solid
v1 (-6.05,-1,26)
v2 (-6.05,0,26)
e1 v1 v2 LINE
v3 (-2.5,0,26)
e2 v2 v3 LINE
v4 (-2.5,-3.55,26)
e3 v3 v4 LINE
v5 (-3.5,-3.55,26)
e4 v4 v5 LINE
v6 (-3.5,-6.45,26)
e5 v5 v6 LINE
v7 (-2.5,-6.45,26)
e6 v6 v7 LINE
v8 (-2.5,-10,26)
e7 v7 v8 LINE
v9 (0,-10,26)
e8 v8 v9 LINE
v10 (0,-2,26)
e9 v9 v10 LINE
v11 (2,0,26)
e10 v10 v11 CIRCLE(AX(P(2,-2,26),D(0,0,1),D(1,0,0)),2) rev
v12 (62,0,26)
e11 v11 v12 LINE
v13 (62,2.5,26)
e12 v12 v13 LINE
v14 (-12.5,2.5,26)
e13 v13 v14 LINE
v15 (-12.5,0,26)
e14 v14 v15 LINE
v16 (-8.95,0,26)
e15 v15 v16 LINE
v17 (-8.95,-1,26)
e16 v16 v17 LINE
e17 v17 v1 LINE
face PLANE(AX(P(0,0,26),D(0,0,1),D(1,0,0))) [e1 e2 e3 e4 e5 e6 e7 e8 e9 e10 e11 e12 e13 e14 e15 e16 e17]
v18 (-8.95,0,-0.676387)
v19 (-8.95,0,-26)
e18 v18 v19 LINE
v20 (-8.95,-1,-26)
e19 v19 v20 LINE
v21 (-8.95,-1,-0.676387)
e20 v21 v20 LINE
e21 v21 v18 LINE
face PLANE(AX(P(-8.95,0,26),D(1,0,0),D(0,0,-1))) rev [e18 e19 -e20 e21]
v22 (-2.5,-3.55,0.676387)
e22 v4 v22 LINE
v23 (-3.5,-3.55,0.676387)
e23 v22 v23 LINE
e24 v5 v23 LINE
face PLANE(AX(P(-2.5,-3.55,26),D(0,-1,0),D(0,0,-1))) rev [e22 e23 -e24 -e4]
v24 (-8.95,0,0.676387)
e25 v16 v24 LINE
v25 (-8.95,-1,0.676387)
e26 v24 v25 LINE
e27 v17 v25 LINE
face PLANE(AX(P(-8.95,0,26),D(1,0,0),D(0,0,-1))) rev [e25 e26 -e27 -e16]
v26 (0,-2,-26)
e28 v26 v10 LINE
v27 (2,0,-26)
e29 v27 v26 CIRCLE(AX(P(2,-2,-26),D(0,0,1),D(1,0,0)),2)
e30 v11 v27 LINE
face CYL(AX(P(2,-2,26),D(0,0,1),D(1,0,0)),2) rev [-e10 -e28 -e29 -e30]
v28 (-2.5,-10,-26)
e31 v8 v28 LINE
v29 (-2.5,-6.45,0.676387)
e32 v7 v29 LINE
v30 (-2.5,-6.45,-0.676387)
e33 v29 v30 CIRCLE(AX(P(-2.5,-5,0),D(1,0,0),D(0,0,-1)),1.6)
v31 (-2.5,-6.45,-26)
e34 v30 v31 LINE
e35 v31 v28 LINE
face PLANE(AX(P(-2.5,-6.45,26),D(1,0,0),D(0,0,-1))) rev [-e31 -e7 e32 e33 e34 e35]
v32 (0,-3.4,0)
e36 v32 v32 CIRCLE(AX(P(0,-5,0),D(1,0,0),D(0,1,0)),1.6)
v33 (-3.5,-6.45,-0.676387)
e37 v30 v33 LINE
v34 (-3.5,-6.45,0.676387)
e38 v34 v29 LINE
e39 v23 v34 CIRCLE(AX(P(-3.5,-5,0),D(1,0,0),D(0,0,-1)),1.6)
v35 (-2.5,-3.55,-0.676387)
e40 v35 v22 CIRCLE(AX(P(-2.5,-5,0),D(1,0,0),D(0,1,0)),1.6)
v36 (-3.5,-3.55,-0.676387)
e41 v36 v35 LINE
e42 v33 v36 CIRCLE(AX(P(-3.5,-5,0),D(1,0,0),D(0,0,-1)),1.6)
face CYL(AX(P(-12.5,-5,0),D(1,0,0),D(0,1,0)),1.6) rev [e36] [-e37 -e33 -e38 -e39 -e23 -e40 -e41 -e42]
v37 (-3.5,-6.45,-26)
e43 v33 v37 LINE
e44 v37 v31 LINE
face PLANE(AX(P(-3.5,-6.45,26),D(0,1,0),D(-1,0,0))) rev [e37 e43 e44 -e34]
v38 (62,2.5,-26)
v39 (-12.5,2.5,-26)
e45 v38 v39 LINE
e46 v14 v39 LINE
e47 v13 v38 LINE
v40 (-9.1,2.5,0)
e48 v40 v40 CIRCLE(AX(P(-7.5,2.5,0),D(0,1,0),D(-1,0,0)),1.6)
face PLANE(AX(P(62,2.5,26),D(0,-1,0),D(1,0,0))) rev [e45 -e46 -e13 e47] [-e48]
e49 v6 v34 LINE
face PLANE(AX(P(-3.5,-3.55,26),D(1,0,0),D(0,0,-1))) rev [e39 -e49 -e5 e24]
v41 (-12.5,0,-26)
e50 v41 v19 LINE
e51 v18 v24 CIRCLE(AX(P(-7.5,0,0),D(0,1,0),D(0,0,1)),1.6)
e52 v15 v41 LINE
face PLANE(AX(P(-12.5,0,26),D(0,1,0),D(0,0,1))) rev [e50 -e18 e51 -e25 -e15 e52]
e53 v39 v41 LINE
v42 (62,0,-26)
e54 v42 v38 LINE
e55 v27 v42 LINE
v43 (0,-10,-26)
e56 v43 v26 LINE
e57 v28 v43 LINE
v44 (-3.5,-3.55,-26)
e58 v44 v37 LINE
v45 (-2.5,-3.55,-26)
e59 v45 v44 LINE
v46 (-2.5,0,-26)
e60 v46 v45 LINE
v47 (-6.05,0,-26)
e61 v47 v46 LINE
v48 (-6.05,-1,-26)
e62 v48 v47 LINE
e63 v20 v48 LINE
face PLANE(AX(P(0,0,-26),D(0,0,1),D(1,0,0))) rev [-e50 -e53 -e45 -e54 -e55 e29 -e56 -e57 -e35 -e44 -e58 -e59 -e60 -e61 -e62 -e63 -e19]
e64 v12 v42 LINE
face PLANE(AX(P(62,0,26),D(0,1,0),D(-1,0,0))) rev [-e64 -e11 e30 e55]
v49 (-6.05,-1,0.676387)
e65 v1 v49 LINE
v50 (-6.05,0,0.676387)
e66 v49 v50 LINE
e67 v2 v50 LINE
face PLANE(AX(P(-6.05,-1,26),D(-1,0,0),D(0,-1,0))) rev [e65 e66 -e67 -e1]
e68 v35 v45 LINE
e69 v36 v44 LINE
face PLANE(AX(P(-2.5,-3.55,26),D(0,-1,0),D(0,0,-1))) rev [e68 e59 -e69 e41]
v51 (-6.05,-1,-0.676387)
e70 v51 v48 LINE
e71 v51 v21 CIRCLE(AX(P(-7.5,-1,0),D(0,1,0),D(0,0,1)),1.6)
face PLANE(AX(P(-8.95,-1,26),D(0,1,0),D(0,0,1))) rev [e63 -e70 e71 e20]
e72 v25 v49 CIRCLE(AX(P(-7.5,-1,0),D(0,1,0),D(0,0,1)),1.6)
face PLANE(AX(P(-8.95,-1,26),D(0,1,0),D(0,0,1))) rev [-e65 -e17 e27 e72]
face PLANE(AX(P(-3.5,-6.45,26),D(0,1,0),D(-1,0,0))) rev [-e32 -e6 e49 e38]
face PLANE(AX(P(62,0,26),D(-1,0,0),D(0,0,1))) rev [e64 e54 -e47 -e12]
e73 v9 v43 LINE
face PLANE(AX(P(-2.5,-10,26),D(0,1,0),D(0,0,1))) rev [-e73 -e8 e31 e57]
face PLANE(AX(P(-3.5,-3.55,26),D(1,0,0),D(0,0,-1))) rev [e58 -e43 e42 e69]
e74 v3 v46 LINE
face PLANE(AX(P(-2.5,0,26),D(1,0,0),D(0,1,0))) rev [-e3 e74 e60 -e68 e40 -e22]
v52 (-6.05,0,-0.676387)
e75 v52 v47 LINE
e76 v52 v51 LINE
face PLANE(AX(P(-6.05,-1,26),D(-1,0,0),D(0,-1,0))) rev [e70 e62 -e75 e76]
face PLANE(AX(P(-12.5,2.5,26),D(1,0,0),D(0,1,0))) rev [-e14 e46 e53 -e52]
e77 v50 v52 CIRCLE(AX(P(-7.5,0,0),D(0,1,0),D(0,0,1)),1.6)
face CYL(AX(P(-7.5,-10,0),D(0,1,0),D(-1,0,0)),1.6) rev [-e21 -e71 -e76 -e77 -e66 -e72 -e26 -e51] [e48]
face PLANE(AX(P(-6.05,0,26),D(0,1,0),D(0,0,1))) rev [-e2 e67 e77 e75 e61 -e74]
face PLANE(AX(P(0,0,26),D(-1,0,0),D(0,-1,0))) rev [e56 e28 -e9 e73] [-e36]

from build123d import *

# Parameters (mm, degrees)
BOSS_EXTRUDE1_DEPTH = 26
FILLET1_R           = 2
SKETCH2_R           = 1.6
CUT_EXTRUDE1_DEPTH  = 13.5
SKETCH3_R           = 1.6
CUT_EXTRUDE2_DEPTH  = 13.5


with BuildPart() as part:
    # Sketch1 → Boss-Extrude1 (new body, symmetric)
    with BuildSketch(Plane.XY):
        Polygon((62, 0), (62, 2.5), (-12.5, 2.5), (-12.5, 0), (-8.95, 0), (-8.95, -1), (-6.05, -1), (-6.05, 0), (-2.5, 0), (-2.5, -3.55), (-3.5, -3.55), (-3.5, -6.45), (-2.5, -6.45), (-2.5, -10), (0, -10), (0, 0), align=None)
    extrude(amount=BOSS_EXTRUDE1_DEPTH, both=True)

    # Fillet1
    fillet1_edges = [part.edges().sort_by_distance(p)[0] for p in [
        (0, 0, 0),
    ]]
    fillet(fillet1_edges, radius=FILLET1_R)

    # Sketch2 → Cut-Extrude1 (cut, through all)
    with BuildSketch(Plane(origin=(0, 0, 0), x_dir=(0, 0, -1), z_dir=(1, 0, 0))):
        with Locations((0, -5)):
            Circle(SKETCH2_R)
    extrude(amount=-CUT_EXTRUDE1_DEPTH, mode=Mode.SUBTRACT)

    # Sketch3 → Cut-Extrude2 (cut, through all)
    with BuildSketch(Plane(origin=(0, 2.5, 0), x_dir=(1, 0, 0), z_dir=(0, 1, 0))):
        with Locations((-7.5, 0)):
            Circle(SKETCH3_R)
    extrude(amount=-CUT_EXTRUDE2_DEPTH, mode=Mode.SUBTRACT)


solid = part.part
